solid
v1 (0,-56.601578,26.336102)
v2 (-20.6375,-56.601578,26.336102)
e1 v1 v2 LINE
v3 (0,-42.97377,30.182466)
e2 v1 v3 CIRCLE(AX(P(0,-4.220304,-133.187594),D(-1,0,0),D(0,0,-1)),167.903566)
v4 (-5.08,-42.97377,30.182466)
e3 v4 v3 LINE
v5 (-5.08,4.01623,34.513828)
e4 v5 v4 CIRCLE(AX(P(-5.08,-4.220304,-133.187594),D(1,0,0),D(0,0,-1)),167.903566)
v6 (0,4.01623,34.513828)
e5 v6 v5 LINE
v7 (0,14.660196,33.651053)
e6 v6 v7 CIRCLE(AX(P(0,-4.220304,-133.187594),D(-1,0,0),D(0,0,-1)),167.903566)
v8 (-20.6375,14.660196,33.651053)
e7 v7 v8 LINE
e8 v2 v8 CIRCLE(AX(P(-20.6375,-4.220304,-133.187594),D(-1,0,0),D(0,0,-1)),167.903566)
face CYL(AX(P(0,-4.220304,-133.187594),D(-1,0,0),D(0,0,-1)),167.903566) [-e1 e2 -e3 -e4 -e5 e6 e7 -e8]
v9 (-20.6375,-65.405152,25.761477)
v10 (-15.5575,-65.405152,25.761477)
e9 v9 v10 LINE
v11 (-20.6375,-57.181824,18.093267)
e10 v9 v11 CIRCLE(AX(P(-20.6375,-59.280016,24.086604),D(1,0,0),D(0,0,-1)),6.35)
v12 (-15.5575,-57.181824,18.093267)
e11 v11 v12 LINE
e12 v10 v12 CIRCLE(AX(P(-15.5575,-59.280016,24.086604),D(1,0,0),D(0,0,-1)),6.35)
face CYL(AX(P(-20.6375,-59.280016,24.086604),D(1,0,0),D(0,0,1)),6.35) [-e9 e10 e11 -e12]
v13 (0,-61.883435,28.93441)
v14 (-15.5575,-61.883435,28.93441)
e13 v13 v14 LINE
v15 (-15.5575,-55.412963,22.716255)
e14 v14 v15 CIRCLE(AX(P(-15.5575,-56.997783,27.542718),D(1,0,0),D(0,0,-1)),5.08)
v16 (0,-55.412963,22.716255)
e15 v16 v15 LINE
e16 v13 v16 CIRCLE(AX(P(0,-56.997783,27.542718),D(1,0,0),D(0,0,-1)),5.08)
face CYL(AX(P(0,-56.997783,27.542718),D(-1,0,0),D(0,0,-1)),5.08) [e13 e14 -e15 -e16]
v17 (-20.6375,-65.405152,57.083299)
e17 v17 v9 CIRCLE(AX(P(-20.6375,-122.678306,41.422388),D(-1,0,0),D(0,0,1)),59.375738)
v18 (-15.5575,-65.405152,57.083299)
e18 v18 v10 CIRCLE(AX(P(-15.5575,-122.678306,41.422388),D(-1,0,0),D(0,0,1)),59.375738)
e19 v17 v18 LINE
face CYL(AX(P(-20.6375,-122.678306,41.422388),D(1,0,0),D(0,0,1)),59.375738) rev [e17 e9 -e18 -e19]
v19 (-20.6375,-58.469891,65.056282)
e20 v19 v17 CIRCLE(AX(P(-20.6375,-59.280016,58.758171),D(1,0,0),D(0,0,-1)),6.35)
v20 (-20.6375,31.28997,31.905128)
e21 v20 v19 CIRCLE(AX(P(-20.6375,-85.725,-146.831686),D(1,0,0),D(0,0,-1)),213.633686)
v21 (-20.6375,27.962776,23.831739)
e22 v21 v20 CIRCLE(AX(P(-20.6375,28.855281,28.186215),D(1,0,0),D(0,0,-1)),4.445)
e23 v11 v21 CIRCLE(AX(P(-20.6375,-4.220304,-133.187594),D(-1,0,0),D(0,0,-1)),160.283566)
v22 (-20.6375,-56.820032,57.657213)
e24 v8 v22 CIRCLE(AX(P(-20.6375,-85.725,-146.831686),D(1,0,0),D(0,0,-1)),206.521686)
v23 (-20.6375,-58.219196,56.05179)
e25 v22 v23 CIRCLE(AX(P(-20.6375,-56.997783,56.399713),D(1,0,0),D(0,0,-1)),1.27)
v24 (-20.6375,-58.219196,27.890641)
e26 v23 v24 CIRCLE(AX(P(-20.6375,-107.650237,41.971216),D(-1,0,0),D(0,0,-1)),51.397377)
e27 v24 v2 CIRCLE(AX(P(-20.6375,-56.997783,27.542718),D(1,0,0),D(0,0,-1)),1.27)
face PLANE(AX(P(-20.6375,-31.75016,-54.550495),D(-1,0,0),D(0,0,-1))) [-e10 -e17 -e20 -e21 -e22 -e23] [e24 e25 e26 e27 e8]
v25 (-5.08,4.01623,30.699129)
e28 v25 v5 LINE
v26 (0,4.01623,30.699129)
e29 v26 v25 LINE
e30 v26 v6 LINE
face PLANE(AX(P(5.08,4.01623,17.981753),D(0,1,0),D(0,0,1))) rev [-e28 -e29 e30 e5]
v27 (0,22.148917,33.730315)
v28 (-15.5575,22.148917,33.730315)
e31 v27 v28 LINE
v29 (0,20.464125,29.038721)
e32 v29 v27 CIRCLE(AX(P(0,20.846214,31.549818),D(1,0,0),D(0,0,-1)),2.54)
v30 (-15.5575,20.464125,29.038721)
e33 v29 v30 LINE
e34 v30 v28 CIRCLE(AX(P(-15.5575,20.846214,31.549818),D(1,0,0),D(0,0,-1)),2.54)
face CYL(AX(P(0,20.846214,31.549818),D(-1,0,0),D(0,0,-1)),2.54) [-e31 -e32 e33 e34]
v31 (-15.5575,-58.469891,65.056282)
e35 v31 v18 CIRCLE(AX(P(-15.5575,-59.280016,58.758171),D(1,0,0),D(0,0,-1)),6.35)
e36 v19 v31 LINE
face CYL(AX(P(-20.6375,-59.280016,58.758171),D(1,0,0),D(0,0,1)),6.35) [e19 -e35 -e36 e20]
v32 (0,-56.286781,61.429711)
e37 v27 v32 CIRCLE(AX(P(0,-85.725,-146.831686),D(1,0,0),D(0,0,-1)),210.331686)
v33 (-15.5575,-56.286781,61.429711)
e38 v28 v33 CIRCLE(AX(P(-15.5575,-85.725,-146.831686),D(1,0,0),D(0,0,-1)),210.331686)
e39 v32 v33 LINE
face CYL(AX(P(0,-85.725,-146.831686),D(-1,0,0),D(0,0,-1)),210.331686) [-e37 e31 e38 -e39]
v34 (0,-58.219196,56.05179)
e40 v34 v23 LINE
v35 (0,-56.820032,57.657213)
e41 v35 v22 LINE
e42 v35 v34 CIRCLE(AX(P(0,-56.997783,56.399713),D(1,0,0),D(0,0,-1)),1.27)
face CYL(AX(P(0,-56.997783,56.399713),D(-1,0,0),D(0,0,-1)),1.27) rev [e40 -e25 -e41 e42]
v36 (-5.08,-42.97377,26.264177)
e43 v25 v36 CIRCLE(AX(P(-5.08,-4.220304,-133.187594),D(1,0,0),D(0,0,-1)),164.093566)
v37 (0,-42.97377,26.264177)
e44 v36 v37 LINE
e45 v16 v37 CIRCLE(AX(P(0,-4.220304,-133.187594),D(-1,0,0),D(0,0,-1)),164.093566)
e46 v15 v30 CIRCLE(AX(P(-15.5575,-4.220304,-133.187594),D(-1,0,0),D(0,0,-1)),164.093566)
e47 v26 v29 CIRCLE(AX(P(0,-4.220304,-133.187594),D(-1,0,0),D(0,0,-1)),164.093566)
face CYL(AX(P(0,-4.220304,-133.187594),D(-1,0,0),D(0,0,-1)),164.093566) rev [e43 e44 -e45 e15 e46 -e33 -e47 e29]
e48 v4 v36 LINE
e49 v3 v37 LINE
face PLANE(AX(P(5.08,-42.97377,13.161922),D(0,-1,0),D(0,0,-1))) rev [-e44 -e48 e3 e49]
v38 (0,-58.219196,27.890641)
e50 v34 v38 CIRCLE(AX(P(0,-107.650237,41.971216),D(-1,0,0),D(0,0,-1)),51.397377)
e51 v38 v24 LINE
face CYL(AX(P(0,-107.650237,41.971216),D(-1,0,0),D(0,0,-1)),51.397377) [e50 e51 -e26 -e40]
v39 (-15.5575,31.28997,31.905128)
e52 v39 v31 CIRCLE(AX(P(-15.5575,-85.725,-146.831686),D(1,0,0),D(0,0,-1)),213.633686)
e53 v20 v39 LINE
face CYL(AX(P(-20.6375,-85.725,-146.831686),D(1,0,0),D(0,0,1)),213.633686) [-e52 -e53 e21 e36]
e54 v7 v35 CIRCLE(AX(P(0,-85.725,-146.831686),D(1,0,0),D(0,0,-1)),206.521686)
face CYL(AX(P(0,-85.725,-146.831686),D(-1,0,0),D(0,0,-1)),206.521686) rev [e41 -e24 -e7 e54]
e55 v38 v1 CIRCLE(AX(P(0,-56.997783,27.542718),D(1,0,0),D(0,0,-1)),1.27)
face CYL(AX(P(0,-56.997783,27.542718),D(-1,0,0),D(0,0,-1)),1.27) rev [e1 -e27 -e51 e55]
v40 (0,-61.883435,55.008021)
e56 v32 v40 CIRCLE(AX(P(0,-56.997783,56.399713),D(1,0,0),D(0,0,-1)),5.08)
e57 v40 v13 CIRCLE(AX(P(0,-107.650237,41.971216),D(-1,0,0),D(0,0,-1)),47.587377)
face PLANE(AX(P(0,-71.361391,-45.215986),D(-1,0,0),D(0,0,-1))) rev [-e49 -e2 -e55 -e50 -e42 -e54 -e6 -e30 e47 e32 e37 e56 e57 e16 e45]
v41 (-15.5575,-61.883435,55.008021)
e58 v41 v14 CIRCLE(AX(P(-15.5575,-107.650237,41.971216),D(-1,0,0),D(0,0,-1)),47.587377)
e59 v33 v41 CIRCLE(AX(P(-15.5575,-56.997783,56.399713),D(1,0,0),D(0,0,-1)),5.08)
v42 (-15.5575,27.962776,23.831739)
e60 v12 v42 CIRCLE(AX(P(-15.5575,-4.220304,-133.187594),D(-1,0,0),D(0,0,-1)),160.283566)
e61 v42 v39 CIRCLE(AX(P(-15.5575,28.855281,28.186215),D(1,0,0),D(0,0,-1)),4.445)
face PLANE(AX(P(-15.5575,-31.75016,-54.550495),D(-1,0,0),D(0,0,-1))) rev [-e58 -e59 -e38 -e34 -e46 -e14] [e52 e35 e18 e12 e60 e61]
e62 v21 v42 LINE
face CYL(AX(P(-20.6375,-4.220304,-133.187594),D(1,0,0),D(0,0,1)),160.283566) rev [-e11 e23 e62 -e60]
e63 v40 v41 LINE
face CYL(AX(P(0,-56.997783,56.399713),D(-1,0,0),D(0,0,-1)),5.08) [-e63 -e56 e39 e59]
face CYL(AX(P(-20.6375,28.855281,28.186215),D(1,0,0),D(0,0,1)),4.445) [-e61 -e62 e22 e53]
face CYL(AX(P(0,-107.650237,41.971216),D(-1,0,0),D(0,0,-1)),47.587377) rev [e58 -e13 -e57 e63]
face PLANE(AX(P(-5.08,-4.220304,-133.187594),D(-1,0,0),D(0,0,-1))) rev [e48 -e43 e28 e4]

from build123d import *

# Parameters (mm, degrees)
BOSS_EXTRUDE1_DEPTH = 76.2
SKETCH2_W           = 6.985
SKETCH2_H           = 9.525
CUT_EXTRUDE1_DEPTH  = 119.84173867
CUT_EXTRUDE2_DEPTH  = 119.84173867
CUT_EXTRUDE3_DEPTH  = 119.84173867
FILLET1_R           = 2.54
CUT_EXTRUDE4_DEPTH  = 5.08
CUT_EXTRUDE6_DEPTH  = 15.113
FILLET2_R           = 0.508
BOSS_EXTRUDE2_DEPTH = 15.5575
BOSS_EXTRUDE3_DEPTH = 5.08
CUT_EXTRUDE7_DEPTH  = 5.08


with BuildPart() as part:
    # Sketch1 → Boss-Extrude1 (new body)
    with BuildSketch(Plane.XY):
        Polygon((-15.5575, 76.2), (15.5575, 76.2), (15.5575, -76.2), (7.845485509, -76.2), (9.525, -85.725), (-9.525, -85.725), (-7.845485509, -76.2), (-15.5575, -76.2), align=None)
    extrude(amount=BOSS_EXTRUDE1_DEPTH)

    # Sketch2 → Cut-Extrude1 (cut, through all)
    with BuildSketch(Plane(origin=(15.5575, 0, 0), x_dir=(0, 0, -1), z_dir=(1, 0, 0))):
        with Locations((-3.4925, -80.9625)):
            Rectangle(SKETCH2_W, SKETCH2_H)
    extrude(amount=-CUT_EXTRUDE1_DEPTH, mode=Mode.SUBTRACT)

    # Sketch3 → Cut-Extrude2 (cut, through all)
    with BuildSketch(Plane(origin=(15.5575, 0, 0), x_dir=(0, 0, -1), z_dir=(1, 0, 0))):
        with BuildLine():
            Line((-76.2, -85.725), (-76.2, -76.2))
            Line((-76.2, -76.2), (-76.2, 76.2))
            Line((-76.2, 76.2), (-6.541803462, 76.2))
            ThreePointArc((-6.541803462, 76.2), (-58.046669251, 2.411215556), (-76.2, -85.725))
        make_face()
        with BuildLine():
            Line((0, -76.2), (0, 67.75939176))
            ThreePointArc((0, 67.75939176), (-18.20597202, -4.22030412), (0, -76.2))
        make_face()
    extrude(amount=-CUT_EXTRUDE2_DEPTH, mode=Mode.SUBTRACT)

    # Sketch6 → Cut-Extrude3 (cut, through all)
    with BuildSketch(Plane(origin=(15.5575, 0, 0), x_dir=(0, 0, -1), z_dir=(1, 0, 0))):
        with BuildLine():
            ThreePointArc((-28.934409948, -61.883434575), (-23.879909813, -60.517759582), (-22.716254779, -55.412963136))
            ThreePointArc((-22.716254779, -55.412963136), (-30.753414225, -11.294498854), (-26.546552055, 33.352305435))
            ThreePointArc((-26.546552055, 33.352305435), (-49.181053892, -9.446405872), (-61.429710833, -56.286781256))
            ThreePointArc((-61.429710833, -56.286781256), (-59.737369376, -60.827463042), (-55.008021131, -61.883434575))
            ThreePointArc((-55.008021131, -61.883434575), (-41.971215539, -60.062859411), (-28.934409948, -61.883434575))
        make_face()
    extrude(amount=-CUT_EXTRUDE3_DEPTH, mode=Mode.SUBTRACT)

    # Fillet1
    fillet1_edges = [part.edges().sort_by_distance(p)[0] for p in [
        (0, 33.352305435, 26.546552055),
    ]]
    fillet(fillet1_edges, radius=FILLET1_R)

    # Sketch7 → Cut-Extrude4 (cut, symmetric)
    with BuildSketch(Plane(origin=(0, 0, 0), x_dir=(0, 0, -1), z_dir=(1, 0, 0))):
        with BuildLine():
            Line((-30.699128799, 4.016230293), (-17.981752538, 4.016230293))
            ThreePointArc((-17.981752538, 4.016230293), (-17.415803594, -19.667907964), (-13.161921654, -42.973769707))
            Line((-13.161921654, -42.973769707), (-26.264177108, -42.973769707))
            ThreePointArc((-26.264177108, -42.973769707), (-30.179968378, -19.639057999), (-30.699128799, 4.016230293))
        make_face()
    extrude(amount=CUT_EXTRUDE4_DEPTH, both=True, mode=Mode.SUBTRACT)

    # Sketch10 → Cut-Extrude6 (cut, symmetric)
    with BuildSketch(Plane(origin=(15.5575, 76.2, 6.541803462), x_dir=(-1, 0, 0), z_dir=(0, -0.7903999954772005, -0.6125910929401777))):
        Polygon((0, 5.170641427), (6.985, 5.170641427), (0, -3.655858573), align=None)
        Polygon((31.115, 5.170641427), (31.115, -3.655858573), (24.13, 5.170641427), align=None)
    extrude(amount=CUT_EXTRUDE6_DEPTH, both=True, mode=Mode.SUBTRACT)

    # Fillet2
    fillet2_edges = [part.edges().sort_by_distance(p)[0] for p in [
        (0, 76.2, 6.541803462),
        (-14.111333502, 74.930435776, 7.871138317),
        (14.111333502, 74.930435776, 7.871138317),
        (-15.5575, 5.090891194, 56.873019023),
        (15.5575, 5.090891194, 56.873019023),
    ]]
    fillet(fillet2_edges, radius=FILLET2_R)


with BuildPart() as body_2:
    # Sketch11 → Boss-Extrude2 (new body)
    with BuildSketch(Plane(origin=(15.5575, 0, 0), x_dir=(0, 0, -1), z_dir=(1, 0, 0))):
        with BuildLine():
            ThreePointArc((-61.429710833, -56.286781256), (-59.737369376, -60.827463042), (-55.008021131, -61.883434575))
            ThreePointArc((-55.008021131, -61.883434575), (-41.971215539, -60.062859411), (-28.934409948, -61.883434575))
            ThreePointArc((-28.934409948, -61.883434575), (-23.879909813, -60.517759582), (-22.716254779, -55.412963136))
            ThreePointArc((-22.716254779, -55.412963136), (-30.33926448, -17.846197276), (-29.038721333, 20.464124591))
            ThreePointArc((-29.038721333, 20.464124591), (-30.691356883, 23.236746406), (-33.730314595, 22.14891737))
            ThreePointArc((-33.730314595, 22.14891737), (-51.496194807, -15.685940761), (-61.429710833, -56.286781256))
        make_face()
        with BuildLine():
            ThreePointArc((-57.657212561, -56.820032407), (-57.234127197, -57.955202853), (-56.051790136, -58.219195736))
            ThreePointArc((-56.051790136, -58.219195736), (-41.971215539, -56.252859411), (-27.890640943, -58.219195736))
            ThreePointArc((-27.890640943, -58.219195736), (-26.62701591, -57.877776988), (-26.336102151, -56.601577877))
            ThreePointArc((-26.336102151, -56.601577877), (-33.838316864, -21.365349504), (-33.651053161, 14.660196264))
            ThreePointArc((-33.651053161, 14.660196264), (-48.944068981, -19.975014906), (-57.657212561, -56.820032407))
        make_face(mode=Mode.SUBTRACT)
    extrude(amount=-BOSS_EXTRUDE2_DEPTH)

    # Sketch13 → Cut-Extrude7 (cut, symmetric)
    with BuildSketch(Plane(origin=(0, 0, 0), x_dir=(0, 0, -1), z_dir=(1, 0, 0))):
        with BuildLine():
            Line((-17.981752538, 4.016230293), (-34.513828125, 4.016230293))
            ThreePointArc((-34.513828125, 4.016230293), (-34.007192205, -19.631694302), (-30.182465628, -42.973769707))
            Line((-30.182465628, -42.973769707), (-13.161921654, -42.973769707))
            ThreePointArc((-13.161921654, -42.973769707), (-17.415803594, -19.667907964), (-17.981752538, 4.016230293))
        make_face()
    extrude(amount=CUT_EXTRUDE7_DEPTH, both=True, mode=Mode.SUBTRACT)


with BuildPart() as body_3:
    # Sketch12 → Boss-Extrude3 (new body)
    with BuildSketch(Plane(origin=(15.5575, 0, 0), x_dir=(0, 0, -1), z_dir=(1, 0, 0))):
        with BuildLine():
            ThreePointArc((-23.831738773, 27.962776346), (-26.492538641, 32.964962799), (-31.905127941, 31.28996957))
            ThreePointArc((-31.905127941, 31.28996957), (-53.570754409, -11.710044351), (-65.056281593, -58.469890723))
            ThreePointArc((-65.056281593, -58.469890723), (-62.925669808, -64.071096093), (-57.083298558, -65.405152448))
            ThreePointArc((-57.083298558, -65.405152448), (-41.422387692, -63.30256815), (-25.761476826, -65.405152448))
            ThreePointArc((-25.761476826, -65.405152448), (-19.442461008, -63.610654229), (-18.093267187, -57.18182379))
            ThreePointArc((-18.093267187, -57.18182379), (-26.733177439, -14.998448579), (-23.831738773, 27.962776346))
        make_face()
        with BuildLine():
            ThreePointArc((-27.890640943, -58.219195736), (-26.62701591, -57.877776988), (-26.336102151, -56.601577877))
            ThreePointArc((-26.336102151, -56.601577877), (-33.838316864, -21.365349504), (-33.651053161, 14.660196264))
            ThreePointArc((-33.651053161, 14.660196264), (-48.944068981, -19.975014906), (-57.657212561, -56.820032407))
            ThreePointArc((-57.657212561, -56.820032407), (-57.234127197, -57.955202853), (-56.051790136, -58.219195736))
            ThreePointArc((-56.051790136, -58.219195736), (-41.971215539, -56.252859411), (-27.890640943, -58.219195736))
        make_face(mode=Mode.SUBTRACT)
    extrude(amount=BOSS_EXTRUDE3_DEPTH)


with BuildPart() as body_2_1:
    add(body_2.part)

    # Combine1: union body 3
    add(body_3.part)


with BuildPart() as body_2_2:
    # Mirror1: mirrored copy
    add(body_2_1.part.mirror(Plane(origin=(0, -71.361391395, -45.215986197), x_dir=(0, 0, 1), z_dir=(1, 0, 0))))


solid = body_2_2.part
